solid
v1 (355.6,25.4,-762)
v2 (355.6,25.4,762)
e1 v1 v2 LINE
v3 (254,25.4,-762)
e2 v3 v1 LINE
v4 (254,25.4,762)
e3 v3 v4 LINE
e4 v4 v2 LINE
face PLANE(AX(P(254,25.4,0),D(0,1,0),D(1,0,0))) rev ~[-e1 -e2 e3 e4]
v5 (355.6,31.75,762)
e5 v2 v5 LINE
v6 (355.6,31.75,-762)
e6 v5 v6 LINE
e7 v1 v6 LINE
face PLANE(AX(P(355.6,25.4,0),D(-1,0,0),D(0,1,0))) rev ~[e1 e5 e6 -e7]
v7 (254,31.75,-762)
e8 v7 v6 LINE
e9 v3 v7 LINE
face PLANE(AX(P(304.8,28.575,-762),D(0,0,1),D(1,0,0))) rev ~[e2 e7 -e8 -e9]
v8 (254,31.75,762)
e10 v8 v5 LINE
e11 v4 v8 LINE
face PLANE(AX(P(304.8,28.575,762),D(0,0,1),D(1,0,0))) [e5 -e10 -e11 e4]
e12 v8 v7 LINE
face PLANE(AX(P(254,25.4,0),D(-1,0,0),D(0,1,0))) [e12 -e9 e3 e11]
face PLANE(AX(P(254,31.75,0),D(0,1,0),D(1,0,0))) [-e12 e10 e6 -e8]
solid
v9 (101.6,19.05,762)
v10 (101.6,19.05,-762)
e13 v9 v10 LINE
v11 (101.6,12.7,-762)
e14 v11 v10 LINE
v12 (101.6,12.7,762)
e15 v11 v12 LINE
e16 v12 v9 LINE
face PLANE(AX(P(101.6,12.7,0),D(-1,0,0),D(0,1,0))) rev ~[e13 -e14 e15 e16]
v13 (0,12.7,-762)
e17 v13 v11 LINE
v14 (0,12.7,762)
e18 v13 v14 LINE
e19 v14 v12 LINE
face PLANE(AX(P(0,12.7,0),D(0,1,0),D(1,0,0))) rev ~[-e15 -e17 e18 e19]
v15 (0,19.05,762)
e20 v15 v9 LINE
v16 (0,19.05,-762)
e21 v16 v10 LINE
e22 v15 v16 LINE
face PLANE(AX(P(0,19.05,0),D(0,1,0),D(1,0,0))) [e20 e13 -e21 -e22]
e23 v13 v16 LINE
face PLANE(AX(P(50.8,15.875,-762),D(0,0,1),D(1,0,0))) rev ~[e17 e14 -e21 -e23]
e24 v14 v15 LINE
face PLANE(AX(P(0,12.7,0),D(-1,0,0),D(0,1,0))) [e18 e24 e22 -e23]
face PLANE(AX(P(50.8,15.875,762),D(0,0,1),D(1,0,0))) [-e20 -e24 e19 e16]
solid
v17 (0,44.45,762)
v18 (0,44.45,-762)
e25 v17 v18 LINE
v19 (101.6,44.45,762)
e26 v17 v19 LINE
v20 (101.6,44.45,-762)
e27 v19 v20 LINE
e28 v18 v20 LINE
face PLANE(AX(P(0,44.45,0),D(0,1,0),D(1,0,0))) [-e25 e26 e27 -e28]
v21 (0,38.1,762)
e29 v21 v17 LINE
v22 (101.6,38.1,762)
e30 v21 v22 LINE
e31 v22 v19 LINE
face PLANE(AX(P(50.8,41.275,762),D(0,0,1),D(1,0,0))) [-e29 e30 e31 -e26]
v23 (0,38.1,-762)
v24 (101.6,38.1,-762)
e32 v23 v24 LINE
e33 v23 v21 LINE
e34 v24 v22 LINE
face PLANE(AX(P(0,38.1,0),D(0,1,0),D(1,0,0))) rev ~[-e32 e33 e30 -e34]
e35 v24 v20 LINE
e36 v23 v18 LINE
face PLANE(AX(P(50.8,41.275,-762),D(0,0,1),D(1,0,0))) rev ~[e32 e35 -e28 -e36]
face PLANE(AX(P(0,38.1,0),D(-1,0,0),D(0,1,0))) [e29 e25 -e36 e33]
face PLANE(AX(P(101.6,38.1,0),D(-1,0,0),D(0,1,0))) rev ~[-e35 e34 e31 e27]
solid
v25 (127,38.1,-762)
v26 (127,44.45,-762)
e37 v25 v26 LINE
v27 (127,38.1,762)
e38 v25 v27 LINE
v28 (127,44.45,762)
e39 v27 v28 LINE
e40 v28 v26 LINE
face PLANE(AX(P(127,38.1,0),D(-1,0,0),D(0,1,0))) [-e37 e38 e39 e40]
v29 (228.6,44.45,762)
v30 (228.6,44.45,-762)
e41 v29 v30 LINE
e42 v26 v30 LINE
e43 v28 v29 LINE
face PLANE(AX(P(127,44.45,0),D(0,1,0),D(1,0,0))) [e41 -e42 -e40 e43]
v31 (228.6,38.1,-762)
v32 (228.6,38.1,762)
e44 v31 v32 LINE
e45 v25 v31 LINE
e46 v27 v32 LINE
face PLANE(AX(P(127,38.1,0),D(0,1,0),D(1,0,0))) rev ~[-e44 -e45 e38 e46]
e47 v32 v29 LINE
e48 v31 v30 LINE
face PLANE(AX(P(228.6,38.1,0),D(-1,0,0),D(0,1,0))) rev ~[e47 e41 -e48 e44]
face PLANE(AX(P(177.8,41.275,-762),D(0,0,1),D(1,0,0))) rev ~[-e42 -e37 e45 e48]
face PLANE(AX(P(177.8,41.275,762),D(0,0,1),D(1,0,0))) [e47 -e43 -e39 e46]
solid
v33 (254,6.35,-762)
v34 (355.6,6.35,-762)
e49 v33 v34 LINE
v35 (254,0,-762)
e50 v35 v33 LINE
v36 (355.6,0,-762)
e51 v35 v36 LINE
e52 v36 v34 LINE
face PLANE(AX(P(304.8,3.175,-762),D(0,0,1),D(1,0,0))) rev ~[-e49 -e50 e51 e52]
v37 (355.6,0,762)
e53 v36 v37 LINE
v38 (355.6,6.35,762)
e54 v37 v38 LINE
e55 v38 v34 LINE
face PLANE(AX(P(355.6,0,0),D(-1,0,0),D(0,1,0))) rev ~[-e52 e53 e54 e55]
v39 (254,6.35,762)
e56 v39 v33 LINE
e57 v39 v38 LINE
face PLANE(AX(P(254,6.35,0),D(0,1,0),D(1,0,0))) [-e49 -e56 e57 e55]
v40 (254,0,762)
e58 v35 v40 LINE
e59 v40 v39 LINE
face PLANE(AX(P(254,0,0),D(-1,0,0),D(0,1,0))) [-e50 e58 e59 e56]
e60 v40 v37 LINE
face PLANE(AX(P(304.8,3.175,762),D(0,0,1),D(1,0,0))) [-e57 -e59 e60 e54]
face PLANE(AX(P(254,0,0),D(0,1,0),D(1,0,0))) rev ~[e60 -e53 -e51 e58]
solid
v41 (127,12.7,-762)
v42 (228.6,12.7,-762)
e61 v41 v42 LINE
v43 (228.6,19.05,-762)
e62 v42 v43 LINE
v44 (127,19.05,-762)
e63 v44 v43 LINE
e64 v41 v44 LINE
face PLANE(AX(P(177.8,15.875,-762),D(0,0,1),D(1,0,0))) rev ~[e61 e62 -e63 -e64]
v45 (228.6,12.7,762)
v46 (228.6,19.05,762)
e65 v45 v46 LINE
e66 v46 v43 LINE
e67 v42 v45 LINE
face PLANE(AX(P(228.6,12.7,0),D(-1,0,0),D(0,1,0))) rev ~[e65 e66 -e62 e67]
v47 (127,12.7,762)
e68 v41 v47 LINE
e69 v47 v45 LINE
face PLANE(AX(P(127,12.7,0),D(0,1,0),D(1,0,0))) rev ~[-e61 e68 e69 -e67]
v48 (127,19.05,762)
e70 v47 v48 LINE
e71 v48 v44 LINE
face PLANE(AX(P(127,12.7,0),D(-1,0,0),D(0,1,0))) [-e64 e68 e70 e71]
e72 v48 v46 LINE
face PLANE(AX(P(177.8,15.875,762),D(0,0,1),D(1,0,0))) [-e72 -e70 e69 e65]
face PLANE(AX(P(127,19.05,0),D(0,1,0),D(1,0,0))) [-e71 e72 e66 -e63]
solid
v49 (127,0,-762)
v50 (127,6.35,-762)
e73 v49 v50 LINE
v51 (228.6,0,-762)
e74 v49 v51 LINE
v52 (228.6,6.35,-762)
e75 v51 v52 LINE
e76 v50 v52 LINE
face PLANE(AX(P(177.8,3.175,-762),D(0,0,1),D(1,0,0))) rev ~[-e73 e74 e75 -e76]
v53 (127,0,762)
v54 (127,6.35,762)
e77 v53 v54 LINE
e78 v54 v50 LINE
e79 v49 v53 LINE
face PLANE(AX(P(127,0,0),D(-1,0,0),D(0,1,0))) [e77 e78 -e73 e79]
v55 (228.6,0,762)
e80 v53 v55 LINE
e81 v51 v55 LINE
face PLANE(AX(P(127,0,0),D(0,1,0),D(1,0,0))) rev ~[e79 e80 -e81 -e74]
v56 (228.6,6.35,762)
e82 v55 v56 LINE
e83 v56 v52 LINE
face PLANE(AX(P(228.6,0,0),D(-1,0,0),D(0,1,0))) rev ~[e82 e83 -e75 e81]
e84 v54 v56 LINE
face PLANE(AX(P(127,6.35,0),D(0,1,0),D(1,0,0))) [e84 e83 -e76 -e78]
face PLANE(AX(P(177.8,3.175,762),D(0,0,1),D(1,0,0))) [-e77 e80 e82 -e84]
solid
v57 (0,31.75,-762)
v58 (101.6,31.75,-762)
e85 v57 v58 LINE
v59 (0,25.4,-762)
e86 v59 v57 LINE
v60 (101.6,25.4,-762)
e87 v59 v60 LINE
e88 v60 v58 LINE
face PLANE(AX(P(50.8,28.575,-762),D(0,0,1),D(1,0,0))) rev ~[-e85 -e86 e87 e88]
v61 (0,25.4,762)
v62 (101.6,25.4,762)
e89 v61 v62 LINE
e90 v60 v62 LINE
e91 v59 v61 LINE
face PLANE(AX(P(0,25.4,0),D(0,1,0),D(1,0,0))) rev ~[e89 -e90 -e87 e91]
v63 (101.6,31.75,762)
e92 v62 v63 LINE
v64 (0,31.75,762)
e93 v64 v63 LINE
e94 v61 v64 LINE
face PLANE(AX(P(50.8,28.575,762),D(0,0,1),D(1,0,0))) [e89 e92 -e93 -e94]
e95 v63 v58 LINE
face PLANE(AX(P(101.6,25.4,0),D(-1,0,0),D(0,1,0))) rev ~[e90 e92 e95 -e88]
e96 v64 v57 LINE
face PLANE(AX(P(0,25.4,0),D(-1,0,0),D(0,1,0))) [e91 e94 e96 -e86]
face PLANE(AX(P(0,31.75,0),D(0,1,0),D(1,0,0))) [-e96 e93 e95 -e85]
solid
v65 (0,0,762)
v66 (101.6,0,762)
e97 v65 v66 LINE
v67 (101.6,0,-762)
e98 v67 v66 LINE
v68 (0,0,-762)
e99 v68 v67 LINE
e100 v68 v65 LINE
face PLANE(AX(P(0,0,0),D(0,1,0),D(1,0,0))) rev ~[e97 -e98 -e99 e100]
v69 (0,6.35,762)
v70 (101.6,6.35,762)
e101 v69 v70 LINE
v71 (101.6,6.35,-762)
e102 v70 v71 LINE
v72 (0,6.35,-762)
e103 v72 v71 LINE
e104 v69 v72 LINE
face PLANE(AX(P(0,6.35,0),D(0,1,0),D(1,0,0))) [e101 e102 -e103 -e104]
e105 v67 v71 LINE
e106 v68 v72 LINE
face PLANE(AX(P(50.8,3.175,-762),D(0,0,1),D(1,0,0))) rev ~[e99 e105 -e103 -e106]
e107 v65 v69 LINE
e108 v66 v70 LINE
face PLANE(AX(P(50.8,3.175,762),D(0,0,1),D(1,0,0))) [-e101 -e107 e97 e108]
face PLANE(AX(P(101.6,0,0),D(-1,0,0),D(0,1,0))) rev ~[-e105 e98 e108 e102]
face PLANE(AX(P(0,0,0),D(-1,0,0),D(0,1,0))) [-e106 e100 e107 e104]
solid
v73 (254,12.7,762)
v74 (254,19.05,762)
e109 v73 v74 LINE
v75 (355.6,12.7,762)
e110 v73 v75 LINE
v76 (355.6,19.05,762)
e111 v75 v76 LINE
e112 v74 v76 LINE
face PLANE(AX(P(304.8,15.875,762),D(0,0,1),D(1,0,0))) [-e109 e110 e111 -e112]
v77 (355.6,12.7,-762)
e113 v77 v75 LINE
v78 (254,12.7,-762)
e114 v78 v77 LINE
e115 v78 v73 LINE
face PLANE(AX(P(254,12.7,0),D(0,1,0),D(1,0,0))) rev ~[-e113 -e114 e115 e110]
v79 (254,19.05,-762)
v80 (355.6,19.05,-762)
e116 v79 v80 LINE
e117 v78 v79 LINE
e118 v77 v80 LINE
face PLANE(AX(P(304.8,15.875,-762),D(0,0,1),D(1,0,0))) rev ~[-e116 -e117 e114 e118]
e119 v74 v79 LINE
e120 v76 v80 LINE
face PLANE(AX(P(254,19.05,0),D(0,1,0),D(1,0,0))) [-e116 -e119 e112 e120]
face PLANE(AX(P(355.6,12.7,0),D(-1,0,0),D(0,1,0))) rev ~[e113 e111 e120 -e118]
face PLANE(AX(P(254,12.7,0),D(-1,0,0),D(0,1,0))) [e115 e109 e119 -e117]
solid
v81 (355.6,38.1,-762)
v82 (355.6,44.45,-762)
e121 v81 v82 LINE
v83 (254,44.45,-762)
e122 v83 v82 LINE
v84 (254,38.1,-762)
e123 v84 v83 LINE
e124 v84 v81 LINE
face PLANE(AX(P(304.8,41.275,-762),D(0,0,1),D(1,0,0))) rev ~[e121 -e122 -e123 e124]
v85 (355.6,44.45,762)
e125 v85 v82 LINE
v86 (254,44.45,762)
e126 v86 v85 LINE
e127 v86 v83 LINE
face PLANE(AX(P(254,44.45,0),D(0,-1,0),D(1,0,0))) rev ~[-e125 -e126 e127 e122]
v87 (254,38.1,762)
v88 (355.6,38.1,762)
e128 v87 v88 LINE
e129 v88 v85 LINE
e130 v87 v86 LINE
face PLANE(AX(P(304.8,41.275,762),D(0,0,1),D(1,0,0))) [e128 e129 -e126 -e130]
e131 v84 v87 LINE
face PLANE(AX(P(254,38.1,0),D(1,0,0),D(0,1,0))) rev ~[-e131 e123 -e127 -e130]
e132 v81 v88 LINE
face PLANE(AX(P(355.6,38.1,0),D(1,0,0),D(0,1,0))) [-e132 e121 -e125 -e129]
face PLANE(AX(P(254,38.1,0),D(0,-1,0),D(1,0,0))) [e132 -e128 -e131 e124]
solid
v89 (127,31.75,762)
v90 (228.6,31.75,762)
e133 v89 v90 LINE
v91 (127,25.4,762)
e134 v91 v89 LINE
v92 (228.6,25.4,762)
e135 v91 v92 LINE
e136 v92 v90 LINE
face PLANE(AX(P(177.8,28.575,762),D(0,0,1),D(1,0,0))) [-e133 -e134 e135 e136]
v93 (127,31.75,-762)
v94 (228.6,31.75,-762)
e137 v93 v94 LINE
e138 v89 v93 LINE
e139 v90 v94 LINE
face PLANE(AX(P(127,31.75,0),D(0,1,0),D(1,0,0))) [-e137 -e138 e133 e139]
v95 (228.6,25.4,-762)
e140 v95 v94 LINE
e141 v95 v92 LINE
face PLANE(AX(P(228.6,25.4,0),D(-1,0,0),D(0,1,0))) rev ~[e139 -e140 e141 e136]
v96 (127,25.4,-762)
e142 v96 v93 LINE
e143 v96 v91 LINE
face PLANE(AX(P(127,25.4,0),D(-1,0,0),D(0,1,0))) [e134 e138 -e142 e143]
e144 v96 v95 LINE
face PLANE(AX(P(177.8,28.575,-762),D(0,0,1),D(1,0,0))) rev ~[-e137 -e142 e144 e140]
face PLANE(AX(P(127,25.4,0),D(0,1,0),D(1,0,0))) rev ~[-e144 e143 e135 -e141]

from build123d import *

# Parameters (mm, degrees)
F0_W     = 101.6
F0_H     = 6.35
F1_DEPTH = 762


with BuildPart() as f1:
    # F0 (on Top) → F1 (new body, symmetric)
    with BuildSketch(Plane.XY):
        with Locations((50.8, 3.175)):
            Rectangle(F0_W, F0_H)
        with Locations((50.8, 15.875)):
            Rectangle(F0_W, F0_H)
        with Locations((50.8, 28.575)):
            Rectangle(F0_W, F0_H)
        with Locations((50.8, 41.275)):
            Rectangle(F0_W, F0_H)
        with Locations((177.8, 3.175)):
            Rectangle(F0_W, F0_H)
        with Locations((177.8, 15.875)):
            Rectangle(F0_W, F0_H)
        with Locations((177.8, 28.575)):
            Rectangle(F0_W, F0_H)
        with Locations((177.8, 41.275)):
            Rectangle(F0_W, F0_H)
        with Locations((304.8, 3.175)):
            Rectangle(F0_W, F0_H)
        with Locations((304.8, 15.875)):
            Rectangle(F0_W, F0_H)
        with Locations((304.8, 28.575)):
            Rectangle(F0_W, F0_H)
        with Locations((304.8, 41.275)):
            Rectangle(F0_W, F0_H)
    extrude(amount=F1_DEPTH, both=True)


solid = f1.part
